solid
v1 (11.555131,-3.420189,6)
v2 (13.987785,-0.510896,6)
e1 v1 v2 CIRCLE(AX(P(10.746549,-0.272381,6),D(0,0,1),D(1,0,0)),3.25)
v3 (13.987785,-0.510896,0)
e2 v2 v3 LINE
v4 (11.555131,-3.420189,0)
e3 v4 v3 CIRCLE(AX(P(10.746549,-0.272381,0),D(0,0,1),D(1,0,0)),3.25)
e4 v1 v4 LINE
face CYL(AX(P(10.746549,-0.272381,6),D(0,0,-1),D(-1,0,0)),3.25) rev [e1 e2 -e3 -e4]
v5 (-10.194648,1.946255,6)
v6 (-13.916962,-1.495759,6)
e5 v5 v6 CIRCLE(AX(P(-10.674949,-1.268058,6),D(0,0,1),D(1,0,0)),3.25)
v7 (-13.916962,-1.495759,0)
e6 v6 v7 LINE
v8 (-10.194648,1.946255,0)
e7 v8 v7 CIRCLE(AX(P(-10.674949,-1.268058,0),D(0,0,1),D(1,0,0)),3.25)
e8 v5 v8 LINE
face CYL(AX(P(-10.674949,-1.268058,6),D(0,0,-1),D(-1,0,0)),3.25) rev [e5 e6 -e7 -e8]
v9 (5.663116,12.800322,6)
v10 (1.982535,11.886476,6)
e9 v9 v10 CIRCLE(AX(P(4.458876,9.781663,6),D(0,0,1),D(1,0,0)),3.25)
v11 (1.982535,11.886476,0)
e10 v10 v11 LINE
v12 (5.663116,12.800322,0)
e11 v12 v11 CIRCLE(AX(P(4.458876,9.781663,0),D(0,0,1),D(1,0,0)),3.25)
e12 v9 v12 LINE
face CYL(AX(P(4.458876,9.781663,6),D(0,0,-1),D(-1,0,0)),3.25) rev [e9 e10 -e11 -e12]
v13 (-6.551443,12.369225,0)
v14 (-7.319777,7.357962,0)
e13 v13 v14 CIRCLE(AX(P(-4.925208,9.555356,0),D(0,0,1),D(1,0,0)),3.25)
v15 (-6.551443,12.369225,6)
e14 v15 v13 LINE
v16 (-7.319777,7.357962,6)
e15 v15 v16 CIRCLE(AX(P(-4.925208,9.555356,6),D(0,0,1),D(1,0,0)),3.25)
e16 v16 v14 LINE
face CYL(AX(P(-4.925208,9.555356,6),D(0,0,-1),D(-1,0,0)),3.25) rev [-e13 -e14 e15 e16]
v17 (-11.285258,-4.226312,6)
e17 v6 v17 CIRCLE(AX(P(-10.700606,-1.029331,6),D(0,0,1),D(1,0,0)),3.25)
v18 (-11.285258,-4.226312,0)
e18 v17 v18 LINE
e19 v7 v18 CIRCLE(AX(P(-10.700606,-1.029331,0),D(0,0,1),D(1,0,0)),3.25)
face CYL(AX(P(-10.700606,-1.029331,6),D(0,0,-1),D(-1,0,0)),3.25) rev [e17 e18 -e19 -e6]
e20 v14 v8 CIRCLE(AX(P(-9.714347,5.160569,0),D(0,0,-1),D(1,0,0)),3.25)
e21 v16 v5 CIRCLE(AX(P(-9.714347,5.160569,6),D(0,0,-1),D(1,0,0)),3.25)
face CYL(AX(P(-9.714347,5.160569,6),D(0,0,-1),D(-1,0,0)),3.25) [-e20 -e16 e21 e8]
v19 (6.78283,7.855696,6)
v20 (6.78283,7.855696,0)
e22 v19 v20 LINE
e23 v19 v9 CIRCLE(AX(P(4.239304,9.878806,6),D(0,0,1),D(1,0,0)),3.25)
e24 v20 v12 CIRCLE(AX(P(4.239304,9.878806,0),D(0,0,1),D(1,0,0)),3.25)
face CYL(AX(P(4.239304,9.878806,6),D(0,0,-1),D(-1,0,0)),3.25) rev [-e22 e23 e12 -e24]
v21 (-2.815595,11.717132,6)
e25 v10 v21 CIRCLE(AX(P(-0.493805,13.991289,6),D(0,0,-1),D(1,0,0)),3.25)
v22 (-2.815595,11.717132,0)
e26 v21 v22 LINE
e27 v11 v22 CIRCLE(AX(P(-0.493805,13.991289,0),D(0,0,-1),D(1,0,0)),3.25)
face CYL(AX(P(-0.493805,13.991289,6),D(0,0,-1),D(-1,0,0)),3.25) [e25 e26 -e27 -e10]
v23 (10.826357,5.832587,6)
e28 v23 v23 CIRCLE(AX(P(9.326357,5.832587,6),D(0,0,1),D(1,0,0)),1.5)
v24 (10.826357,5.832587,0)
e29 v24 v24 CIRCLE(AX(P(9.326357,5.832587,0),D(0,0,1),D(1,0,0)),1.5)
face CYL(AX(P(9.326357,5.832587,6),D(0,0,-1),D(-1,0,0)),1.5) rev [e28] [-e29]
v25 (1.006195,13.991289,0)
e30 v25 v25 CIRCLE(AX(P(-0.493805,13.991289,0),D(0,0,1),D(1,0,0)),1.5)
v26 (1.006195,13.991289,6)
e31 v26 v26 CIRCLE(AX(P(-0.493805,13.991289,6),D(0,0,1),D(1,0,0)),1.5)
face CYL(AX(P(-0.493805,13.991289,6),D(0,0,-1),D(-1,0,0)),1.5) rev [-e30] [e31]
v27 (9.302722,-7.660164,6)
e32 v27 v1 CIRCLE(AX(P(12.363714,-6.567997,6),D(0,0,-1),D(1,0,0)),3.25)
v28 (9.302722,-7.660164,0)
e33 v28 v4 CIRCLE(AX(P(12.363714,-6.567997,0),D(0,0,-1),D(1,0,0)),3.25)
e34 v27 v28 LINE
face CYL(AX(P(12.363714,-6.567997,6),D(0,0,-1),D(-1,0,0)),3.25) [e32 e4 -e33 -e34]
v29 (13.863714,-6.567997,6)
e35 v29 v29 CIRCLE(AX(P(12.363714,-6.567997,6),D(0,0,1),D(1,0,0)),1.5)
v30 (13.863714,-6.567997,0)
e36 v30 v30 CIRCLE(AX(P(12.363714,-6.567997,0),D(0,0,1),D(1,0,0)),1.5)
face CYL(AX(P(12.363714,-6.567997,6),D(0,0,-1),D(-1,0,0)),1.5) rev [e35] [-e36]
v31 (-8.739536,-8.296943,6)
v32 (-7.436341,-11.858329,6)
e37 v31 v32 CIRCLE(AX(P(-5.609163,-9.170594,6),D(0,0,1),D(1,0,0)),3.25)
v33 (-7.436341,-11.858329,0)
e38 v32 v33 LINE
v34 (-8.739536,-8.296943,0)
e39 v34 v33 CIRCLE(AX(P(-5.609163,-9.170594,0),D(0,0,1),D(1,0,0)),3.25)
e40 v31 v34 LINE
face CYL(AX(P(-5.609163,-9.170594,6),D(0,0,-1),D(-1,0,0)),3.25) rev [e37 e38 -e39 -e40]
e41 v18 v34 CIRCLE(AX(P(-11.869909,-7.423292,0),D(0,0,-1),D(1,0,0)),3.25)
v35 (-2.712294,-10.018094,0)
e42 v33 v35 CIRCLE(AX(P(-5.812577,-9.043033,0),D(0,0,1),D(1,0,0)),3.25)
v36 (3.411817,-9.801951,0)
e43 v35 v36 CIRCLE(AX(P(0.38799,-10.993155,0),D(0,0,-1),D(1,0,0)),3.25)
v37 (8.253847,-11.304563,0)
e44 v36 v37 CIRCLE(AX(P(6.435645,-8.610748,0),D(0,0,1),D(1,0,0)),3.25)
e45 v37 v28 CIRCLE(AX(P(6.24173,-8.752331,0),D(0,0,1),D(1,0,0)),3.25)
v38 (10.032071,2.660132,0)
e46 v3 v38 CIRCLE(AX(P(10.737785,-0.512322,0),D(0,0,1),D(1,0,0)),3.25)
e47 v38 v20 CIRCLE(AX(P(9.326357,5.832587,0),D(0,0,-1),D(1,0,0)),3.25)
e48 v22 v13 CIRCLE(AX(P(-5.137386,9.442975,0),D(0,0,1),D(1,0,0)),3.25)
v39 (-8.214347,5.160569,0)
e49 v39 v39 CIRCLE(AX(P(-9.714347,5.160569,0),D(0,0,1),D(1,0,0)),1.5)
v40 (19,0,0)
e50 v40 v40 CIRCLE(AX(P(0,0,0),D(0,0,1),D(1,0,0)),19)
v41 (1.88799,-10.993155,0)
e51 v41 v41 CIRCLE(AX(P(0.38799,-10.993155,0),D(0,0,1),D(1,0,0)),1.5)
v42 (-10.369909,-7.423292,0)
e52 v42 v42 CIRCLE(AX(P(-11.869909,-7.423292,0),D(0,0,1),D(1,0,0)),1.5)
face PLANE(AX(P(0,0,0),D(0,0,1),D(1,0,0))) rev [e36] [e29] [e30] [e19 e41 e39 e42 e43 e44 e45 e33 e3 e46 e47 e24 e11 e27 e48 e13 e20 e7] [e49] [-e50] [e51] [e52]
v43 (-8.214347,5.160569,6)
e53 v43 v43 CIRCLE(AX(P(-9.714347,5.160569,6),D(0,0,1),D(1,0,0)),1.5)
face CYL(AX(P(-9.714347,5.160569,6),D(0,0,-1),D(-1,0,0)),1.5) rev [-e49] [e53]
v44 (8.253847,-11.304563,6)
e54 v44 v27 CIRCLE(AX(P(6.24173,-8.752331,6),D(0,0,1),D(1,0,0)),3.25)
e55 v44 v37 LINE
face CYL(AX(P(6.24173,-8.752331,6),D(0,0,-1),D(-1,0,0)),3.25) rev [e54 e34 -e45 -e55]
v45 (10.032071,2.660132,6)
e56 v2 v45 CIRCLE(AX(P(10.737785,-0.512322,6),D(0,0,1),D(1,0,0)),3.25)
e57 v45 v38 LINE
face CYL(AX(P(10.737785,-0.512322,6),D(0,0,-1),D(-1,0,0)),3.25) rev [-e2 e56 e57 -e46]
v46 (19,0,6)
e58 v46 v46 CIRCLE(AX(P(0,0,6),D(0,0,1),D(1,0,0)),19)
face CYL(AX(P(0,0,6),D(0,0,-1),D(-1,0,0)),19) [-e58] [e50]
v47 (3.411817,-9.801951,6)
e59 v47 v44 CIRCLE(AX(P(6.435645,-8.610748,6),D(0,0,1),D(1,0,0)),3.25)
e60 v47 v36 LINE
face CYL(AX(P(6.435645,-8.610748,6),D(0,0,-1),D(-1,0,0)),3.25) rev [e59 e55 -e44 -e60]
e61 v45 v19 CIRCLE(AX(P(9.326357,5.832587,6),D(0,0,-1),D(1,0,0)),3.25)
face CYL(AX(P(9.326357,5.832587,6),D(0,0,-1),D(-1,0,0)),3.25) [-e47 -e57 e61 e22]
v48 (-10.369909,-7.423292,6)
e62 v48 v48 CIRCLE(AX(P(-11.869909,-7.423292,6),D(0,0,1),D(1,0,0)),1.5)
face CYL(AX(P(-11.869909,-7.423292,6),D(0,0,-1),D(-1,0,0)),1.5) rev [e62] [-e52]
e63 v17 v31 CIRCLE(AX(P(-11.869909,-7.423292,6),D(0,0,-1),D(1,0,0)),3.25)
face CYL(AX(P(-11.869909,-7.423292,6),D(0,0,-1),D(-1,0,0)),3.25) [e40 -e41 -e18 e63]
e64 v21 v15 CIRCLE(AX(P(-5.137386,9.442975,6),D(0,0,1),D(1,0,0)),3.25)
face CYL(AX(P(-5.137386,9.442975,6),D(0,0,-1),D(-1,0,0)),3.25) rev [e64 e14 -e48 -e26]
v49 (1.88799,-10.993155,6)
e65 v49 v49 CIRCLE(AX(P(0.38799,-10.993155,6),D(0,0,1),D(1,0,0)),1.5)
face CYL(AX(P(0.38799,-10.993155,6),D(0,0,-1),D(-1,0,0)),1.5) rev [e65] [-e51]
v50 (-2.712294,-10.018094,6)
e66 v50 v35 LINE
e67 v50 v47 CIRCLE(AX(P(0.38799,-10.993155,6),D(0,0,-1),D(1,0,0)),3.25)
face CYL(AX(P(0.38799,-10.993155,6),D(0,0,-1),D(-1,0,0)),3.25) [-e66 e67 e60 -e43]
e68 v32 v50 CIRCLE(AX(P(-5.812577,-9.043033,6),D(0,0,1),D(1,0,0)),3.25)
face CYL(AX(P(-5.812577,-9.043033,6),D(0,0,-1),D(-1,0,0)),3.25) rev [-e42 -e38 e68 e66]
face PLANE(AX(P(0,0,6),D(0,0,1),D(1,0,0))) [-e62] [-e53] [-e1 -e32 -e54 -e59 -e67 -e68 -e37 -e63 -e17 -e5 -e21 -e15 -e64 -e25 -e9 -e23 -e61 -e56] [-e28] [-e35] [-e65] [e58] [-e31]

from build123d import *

# Parameters (mm, degrees)
ESQUISSE1_R        = 19
ESQUISSE1_R_2      = 1.5
BOSS_EXTRU_2_DEPTH = 6


with BuildPart() as part:
    # Esquisse1 → Boss.-Extru.2 (new body)
    with BuildSketch(Plane.XY):
        Circle(ESQUISSE1_R)
        with Locations((-0.493805045, 13.991288596)):
            Circle(ESQUISSE1_R_2, mode=Mode.SUBTRACT)
        with Locations((12.363713879, -6.567996584)):
            Circle(ESQUISSE1_R_2, mode=Mode.SUBTRACT)
        with Locations((-11.869908833, -7.423292012)):
            Circle(ESQUISSE1_R_2, mode=Mode.SUBTRACT)
        with Locations((-9.714346619, 5.160568745)):
            Circle(ESQUISSE1_R_2, mode=Mode.SUBTRACT)
        with Locations((9.32635694, 5.832586581)):
            Circle(ESQUISSE1_R_2, mode=Mode.SUBTRACT)
        with Locations((0.387989679, -10.993155325)):
            Circle(ESQUISSE1_R_2, mode=Mode.SUBTRACT)
        with BuildLine():
            ThreePointArc((-2.815595301, 11.717131607), (-0.379171731, 10.743310886), (1.982535482, 11.886475637))
            ThreePointArc((1.982535482, 11.886475637), (3.675716254, 12.935891711), (5.663115611, 12.800322476))
            ThreePointArc((5.663115611, 12.800322476), (7.409047573, 10.596596907), (6.782830345, 7.855696182))
            ThreePointArc((6.782830345, 7.855696182), (6.57084239, 4.109322364), (10.032070946, 2.660132051))
            ThreePointArc((10.032070946, 2.660132051), (12.770566856, 2.023480694), (13.987784639, -0.510896087))
            ThreePointArc((13.987784639, -0.510896087), (13.239790253, -2.357146239), (11.555131282, -3.420188746))
            ThreePointArc((11.555131282, -3.420188746), (9.493566014, -5.043283091), (9.302722122, -7.66016391))
            ThreePointArc((9.302722122, -7.66016391), (9.364952716, -9.651209509), (8.253846635, -11.304563222))
            ThreePointArc((8.253846635, -11.304563222), (5.472398329, -11.71472187), (3.411817286, -9.80195148))
            ThreePointArc((3.411817286, -9.80195148), (0.273356364, -7.745177616), (-2.712293539, -10.018094318))
            ThreePointArc((-2.712293539, -10.018094318), (-4.632897743, -12.071375665), (-7.436341309, -11.858328797))
            ThreePointArc((-7.436341309, -11.858328797), (-8.66124365, -10.287421581), (-8.739535981, -8.296942861))
            ThreePointArc((-8.739535981, -8.296942861), (-9.114394283, -5.700027795), (-11.285257604, -4.226311727))
            ThreePointArc((-11.285257604, -4.226311727), (-13.04066897, -3.284682203), (-13.916962247, -1.495759254))
            ThreePointArc((-13.916962247, -1.495759254), (-12.881445902, 1.118124963), (-10.194647631, 1.946255297))
            ThreePointArc((-10.194647631, 1.946255297), (-6.844198754, 3.635855252), (-7.319777407, 7.357962266))
            ThreePointArc((-7.319777407, 7.357962266), (-8.137669113, 10.047894971), (-6.55144333, 12.369224883))
            ThreePointArc((-6.55144333, 12.369224883), (-4.578546604, 12.64456782), (-2.815595301, 11.717131607))
        make_face(mode=Mode.SUBTRACT)
    extrude(amount=BOSS_EXTRU_2_DEPTH)


solid = part.part
